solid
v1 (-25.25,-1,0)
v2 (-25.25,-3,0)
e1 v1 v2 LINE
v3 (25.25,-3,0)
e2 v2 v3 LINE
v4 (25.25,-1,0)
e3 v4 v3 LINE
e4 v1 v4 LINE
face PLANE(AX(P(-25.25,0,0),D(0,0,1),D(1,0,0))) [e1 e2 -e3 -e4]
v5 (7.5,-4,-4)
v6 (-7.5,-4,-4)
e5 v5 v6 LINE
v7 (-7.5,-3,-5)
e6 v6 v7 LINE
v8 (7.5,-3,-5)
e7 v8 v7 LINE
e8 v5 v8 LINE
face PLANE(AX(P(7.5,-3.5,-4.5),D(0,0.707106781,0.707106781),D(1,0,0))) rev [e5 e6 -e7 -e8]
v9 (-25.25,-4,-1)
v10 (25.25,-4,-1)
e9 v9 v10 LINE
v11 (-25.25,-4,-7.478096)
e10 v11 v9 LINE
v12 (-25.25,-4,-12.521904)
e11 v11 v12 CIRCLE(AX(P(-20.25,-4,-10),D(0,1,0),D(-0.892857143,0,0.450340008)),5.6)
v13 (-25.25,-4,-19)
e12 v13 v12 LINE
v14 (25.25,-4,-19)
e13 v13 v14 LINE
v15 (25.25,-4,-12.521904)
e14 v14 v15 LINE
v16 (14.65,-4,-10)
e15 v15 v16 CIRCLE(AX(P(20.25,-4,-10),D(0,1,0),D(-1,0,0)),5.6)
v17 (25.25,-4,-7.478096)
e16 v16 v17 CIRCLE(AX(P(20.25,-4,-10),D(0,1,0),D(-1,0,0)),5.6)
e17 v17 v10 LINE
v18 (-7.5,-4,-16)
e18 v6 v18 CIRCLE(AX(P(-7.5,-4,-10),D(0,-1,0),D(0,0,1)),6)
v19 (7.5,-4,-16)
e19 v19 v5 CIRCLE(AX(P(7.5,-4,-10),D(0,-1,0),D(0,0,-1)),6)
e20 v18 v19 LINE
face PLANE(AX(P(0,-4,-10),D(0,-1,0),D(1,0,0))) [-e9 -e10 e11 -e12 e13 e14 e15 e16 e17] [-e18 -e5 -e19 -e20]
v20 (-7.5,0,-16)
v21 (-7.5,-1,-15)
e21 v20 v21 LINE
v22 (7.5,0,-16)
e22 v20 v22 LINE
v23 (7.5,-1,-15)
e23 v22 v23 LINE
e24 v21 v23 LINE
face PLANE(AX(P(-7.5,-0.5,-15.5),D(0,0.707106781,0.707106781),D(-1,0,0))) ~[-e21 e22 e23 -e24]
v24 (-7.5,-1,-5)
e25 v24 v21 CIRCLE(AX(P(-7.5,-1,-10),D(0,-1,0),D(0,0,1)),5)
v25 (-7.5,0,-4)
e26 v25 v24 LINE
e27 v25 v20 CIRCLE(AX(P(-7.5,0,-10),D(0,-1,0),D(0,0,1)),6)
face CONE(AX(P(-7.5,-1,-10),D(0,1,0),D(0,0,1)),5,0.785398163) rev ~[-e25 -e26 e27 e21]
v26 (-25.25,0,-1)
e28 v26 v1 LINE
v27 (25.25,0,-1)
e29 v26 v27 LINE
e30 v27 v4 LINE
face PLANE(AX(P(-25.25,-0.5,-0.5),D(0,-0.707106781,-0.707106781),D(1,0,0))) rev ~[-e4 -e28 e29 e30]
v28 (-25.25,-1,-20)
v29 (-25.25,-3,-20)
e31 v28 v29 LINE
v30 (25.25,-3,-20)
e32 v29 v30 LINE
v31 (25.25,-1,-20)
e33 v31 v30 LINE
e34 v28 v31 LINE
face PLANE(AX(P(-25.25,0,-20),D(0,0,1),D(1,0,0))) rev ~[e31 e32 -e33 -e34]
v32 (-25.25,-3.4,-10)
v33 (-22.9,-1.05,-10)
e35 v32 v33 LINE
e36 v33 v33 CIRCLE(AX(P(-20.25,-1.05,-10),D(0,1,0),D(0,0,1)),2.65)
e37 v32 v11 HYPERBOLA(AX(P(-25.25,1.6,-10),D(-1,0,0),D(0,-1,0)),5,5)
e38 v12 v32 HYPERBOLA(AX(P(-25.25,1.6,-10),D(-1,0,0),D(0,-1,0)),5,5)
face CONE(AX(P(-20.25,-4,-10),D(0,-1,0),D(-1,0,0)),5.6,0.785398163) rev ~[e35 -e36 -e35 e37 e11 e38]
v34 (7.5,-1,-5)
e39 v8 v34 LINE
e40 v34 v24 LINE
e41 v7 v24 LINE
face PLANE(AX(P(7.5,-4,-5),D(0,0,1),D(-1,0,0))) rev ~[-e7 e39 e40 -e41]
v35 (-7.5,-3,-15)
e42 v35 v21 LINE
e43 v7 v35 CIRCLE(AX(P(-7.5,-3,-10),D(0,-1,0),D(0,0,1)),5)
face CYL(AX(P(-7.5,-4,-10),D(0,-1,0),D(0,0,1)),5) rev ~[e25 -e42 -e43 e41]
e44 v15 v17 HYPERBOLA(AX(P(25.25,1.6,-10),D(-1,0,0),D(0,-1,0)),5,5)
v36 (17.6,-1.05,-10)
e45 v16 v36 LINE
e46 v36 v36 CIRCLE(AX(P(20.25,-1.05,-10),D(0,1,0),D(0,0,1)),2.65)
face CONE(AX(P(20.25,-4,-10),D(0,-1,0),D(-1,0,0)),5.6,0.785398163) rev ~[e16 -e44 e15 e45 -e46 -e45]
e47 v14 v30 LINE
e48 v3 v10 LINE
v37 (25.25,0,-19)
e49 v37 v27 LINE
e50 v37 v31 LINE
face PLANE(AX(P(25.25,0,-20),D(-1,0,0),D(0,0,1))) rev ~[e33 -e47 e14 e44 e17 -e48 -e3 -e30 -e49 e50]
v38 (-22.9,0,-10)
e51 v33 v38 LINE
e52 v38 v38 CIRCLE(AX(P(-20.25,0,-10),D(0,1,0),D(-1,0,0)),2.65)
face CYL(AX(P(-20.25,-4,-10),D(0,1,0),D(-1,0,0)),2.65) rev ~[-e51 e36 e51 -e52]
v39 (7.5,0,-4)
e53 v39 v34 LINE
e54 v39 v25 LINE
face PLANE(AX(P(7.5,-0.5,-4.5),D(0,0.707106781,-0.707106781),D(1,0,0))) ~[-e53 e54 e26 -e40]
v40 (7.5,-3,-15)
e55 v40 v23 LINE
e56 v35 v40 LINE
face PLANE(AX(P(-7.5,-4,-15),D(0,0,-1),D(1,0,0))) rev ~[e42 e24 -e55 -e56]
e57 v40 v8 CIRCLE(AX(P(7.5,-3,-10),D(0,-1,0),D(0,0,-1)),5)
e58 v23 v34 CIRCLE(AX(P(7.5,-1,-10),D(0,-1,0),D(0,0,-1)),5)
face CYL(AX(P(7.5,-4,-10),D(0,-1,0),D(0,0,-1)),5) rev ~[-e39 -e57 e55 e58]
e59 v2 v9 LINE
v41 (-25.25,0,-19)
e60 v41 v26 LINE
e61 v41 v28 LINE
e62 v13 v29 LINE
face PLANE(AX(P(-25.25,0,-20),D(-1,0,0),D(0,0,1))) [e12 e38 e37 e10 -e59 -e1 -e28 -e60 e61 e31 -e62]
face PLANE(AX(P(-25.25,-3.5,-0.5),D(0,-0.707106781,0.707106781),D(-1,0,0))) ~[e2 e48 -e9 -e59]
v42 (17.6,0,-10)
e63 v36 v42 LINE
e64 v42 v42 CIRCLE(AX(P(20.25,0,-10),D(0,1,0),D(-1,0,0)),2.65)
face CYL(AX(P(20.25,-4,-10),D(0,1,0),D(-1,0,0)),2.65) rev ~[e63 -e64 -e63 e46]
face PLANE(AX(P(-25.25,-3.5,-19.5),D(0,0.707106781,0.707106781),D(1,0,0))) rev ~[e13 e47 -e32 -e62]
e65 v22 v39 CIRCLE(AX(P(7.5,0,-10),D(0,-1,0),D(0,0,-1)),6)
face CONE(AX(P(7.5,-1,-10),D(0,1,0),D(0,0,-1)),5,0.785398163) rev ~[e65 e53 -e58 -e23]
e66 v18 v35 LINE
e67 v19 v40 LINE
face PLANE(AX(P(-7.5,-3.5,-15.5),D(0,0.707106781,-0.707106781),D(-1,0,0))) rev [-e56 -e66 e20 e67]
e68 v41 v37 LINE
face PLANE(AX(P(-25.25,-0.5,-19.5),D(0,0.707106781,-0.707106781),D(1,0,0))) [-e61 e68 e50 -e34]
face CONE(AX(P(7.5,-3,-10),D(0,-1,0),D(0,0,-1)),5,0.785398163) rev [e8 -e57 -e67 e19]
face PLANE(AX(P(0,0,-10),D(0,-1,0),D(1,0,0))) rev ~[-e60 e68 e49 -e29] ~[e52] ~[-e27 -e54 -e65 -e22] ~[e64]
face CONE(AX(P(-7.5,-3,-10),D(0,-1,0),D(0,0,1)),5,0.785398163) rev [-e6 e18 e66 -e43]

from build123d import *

# Parameters (mm, degrees)
F0_W           = 50.5
F0_H           = 20
F1_DEPTH       = 4
F3_D           = 5.3
F3_DEPTH       = 8
F3_CSINK_D     = 11.2
F3_CSINK_ANGLE = 90
F3_TIP         = 1.5922806404
F5_DEPTH       = 4.001
F6_SIZE        = 1


with BuildPart() as f1:
    # F0 (on Front) → F1 (new body)
    with BuildSketch(Plane.XZ):
        with Locations((0, -10)):
            Rectangle(F0_W, F0_H)
    extrude(amount=F1_DEPTH)

    # F3
    with Locations(Plane.XZ.offset(4)):
        with Locations((-20.25, -10), (20.25, -10)):
            CounterSinkHole(F3_D / 2, F3_CSINK_D / 2, depth=F3_DEPTH, counter_sink_angle=F3_CSINK_ANGLE)
            with Locations((0, 0, -(F3_DEPTH + F3_TIP / 2))):  # 118° drill point
                Cone(0, F3_D / 2, F3_TIP, mode=Mode.SUBTRACT)

    # F4 (on face) → F5 (cut, through all)
    with BuildSketch(Plane.XZ.offset(4)):
        with BuildLine():
            Line((7.5, -5), (-7.5, -5))
            ThreePointArc((-7.5, -5), (-12.5, -10), (-7.5, -15))
            Line((-7.5, -15), (7.5, -15))
            ThreePointArc((7.5, -15), (12.5, -10), (7.5, -5))
        make_face()
    extrude(amount=-F5_DEPTH, mode=Mode.SUBTRACT)

    # F6
    f6_edges = [f1.edges().sort_by_distance(p)[0] for p in [
        (0, -4, -20),
        (0, -4, 0),
        (0, -4, -15),
        (0, 0, -15),
        (0, 0, -20),
        (0, 0, 0),
    ]]
    chamfer(f6_edges, length=F6_SIZE)


solid = f1.part
